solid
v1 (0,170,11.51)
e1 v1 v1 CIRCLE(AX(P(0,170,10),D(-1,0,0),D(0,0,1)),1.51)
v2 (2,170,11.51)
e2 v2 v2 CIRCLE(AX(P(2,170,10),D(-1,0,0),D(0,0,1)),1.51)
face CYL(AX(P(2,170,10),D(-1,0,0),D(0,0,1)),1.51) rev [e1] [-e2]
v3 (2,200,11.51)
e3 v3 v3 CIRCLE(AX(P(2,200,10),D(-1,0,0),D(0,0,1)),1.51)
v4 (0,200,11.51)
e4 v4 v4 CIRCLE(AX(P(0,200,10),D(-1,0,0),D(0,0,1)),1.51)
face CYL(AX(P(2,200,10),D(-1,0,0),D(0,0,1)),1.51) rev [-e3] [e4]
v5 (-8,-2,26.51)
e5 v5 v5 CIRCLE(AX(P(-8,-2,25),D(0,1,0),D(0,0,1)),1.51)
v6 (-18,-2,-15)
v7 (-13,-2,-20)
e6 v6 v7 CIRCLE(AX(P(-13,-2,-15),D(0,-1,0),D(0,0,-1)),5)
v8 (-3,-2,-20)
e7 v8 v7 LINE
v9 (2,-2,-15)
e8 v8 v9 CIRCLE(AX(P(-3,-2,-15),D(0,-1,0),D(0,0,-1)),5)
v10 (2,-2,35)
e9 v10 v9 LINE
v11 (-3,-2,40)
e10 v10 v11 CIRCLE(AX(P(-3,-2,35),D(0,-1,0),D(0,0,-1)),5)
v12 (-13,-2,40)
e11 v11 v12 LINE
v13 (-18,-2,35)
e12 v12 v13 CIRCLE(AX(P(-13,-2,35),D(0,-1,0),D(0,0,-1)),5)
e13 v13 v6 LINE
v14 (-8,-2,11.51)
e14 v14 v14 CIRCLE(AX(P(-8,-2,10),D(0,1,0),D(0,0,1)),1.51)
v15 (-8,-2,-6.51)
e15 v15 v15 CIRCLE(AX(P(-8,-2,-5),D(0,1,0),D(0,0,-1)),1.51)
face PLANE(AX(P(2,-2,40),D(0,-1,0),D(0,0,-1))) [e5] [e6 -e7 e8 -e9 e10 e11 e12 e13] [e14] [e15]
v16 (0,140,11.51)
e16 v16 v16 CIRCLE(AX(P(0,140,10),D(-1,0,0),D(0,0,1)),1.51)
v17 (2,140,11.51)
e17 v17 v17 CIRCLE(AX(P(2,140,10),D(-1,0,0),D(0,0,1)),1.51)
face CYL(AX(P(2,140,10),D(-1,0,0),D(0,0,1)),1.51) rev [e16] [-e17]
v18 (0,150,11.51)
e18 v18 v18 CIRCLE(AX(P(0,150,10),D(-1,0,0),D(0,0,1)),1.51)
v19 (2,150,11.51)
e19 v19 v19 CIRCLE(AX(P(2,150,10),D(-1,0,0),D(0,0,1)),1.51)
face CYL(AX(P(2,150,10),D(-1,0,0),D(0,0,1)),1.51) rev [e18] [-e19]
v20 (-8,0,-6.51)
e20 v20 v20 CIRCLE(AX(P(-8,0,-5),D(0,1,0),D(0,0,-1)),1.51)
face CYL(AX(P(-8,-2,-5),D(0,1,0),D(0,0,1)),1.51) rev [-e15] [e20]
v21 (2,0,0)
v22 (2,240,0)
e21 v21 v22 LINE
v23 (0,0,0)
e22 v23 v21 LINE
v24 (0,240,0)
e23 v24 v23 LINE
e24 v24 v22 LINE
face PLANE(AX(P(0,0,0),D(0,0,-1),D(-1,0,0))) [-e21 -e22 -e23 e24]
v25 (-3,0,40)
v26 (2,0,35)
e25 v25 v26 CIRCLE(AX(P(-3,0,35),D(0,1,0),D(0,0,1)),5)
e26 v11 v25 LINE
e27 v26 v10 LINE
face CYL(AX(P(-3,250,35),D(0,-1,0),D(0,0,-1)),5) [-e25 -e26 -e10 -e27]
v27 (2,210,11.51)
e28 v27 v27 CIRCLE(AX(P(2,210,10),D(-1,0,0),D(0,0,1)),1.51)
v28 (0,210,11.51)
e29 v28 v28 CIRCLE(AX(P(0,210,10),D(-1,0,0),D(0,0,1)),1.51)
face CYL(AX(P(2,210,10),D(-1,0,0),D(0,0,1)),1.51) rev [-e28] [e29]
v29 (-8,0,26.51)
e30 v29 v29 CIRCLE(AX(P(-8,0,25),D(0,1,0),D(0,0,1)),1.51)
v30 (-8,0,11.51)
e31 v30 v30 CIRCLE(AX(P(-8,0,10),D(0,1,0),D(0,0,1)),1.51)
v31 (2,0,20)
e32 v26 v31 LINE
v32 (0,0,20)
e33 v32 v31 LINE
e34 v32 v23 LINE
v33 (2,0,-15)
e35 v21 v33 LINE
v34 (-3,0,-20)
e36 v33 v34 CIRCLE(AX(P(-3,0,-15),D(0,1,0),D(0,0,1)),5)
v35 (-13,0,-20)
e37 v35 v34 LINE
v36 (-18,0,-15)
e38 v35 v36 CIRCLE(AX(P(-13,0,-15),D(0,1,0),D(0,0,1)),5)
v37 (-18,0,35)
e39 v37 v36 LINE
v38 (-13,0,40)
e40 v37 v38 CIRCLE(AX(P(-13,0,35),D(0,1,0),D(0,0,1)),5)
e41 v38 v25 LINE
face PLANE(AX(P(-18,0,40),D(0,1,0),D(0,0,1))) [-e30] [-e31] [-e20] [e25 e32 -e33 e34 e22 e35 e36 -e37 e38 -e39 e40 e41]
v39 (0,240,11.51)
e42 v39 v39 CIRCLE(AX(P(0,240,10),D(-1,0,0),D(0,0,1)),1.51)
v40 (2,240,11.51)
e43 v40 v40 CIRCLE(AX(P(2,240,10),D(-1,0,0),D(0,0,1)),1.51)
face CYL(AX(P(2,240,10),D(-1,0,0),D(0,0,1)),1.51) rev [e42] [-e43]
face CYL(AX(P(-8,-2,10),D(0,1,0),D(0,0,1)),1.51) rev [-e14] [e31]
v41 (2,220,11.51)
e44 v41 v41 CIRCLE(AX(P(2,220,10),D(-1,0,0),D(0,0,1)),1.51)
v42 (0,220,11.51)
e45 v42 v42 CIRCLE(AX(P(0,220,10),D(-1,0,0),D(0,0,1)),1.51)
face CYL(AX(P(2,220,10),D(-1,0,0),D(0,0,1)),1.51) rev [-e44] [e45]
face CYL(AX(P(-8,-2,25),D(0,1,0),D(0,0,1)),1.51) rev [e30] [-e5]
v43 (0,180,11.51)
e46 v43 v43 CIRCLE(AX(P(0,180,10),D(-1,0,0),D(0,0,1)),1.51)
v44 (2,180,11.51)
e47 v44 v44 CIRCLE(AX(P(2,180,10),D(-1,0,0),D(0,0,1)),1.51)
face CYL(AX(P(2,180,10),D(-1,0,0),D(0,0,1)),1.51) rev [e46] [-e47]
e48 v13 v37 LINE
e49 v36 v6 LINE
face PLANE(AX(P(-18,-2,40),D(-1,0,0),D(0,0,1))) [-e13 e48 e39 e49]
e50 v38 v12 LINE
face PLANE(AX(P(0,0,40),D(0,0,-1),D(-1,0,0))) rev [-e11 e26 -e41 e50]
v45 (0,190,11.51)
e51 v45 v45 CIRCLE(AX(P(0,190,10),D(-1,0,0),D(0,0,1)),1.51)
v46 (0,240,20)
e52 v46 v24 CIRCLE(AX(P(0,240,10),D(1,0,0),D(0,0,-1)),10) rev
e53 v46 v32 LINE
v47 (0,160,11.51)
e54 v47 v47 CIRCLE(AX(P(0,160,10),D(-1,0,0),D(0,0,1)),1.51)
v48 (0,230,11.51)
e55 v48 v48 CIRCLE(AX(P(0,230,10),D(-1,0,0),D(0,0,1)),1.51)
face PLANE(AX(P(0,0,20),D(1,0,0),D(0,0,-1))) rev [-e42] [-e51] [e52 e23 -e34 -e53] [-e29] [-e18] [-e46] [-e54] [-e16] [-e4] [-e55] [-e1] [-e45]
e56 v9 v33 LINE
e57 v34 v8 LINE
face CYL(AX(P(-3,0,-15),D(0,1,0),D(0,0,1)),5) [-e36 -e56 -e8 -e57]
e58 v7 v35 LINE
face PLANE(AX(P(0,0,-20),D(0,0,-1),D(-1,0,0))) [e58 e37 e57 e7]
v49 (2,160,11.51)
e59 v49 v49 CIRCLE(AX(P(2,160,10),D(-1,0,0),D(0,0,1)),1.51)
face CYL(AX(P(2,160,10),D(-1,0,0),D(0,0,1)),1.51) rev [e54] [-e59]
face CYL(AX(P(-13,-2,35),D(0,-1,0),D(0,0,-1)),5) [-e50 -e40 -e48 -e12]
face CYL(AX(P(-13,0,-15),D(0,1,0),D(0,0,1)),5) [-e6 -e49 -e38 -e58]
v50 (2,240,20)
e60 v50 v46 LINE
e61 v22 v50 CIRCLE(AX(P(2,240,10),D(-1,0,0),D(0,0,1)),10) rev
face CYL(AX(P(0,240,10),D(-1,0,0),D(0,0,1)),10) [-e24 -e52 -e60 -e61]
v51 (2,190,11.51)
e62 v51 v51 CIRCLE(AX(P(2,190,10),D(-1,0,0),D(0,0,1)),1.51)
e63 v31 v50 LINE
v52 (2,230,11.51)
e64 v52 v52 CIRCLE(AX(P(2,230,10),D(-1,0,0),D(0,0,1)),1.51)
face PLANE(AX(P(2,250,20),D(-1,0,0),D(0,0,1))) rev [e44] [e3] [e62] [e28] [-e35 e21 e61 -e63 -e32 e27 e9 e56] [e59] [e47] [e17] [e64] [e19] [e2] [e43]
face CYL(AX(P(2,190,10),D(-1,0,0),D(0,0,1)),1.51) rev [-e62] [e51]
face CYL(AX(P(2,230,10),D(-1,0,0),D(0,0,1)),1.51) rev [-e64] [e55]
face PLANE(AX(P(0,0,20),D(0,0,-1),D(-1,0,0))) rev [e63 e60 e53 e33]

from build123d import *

# Parameters (mm, degrees)
SKETCH_1_W           = 2
SKETCH_1_H           = 250
EXTRUDE_1_DEPTH      = 20
EXTRUDE_2_DEPTH      = 20
EXTRUDE_2_DEPTH_BACK = 40
SKETCH_2_W           = 20
SKETCH_2_H           = 2
SKETCH_3_R           = 1.51
CUT_EXTRUDE_1_DEPTH  = 254.818833029
FILLET_1_R           = 5
FILLET_2_RADIUS      = 10
FILLET_2_LENGTH      = 2
SKETCH_4_R           = 1.51
CUT_EXTRUDE_2_DEPTH  = 254.818833029


with BuildPart() as part:
    # 草图1 → 凸台-拉伸1 (new body)
    with BuildSketch(Plane.XY):
        with Locations((1, 125)):
            Rectangle(SKETCH_1_W, SKETCH_1_H)
    extrude(amount=EXTRUDE_1_DEPTH)

    # 草图2 → 凸台-拉伸2 (add, two sides: drawn at the far end of the back side and taken through both)
    with BuildSketch(Plane(origin=(0, 0, 0), x_dir=(-1, 0, 0), z_dir=(0, 0, -1)).offset(-EXTRUDE_2_DEPTH_BACK)):
        with Locations((8, -1)):
            Rectangle(SKETCH_2_W, SKETCH_2_H)
    extrude(amount=EXTRUDE_2_DEPTH + EXTRUDE_2_DEPTH_BACK)

    # 草图3 → 切除-拉伸1 (cut, through all)
    with BuildSketch(Plane(origin=(0, 0, 0), x_dir=(1, 0, 0), z_dir=(0, 1, 0))):
        with Locations(Location((-8, -25, 0), (0, 0, 270))):
            Circle(SKETCH_3_R)
        with Locations(Location((-8, -10, 0), (0, 0, 270))):
            Circle(SKETCH_3_R)
        with Locations(Location((-8, 5, 0), (0, 0, 90))):
            Circle(SKETCH_3_R)
    extrude(amount=-CUT_EXTRUDE_1_DEPTH, mode=Mode.SUBTRACT)

    # 圆角1
    fillet_1_edges = [part.edges().sort_by_distance(p)[0] for p in [
        (-18, -1, 40),
        (2, -1, 40),
        (2, -1, -20),
        (-18, -1, -20),
    ]]
    fillet(fillet_1_edges, radius=FILLET_1_R)

    # 圆角2: full round fillet: the end face becomes a half cylinder, R = half its width
    fillet_2_face = Plane((1, 250, 10), x_dir=(1, 0, 0), z_dir=(0, 1, 0))  # on the end face: x along it, z out of the body
    fillet_2_slab = fillet_2_face.offset(-FILLET_2_RADIUS / 2) * Box(FILLET_2_LENGTH, 2 * FILLET_2_RADIUS, FILLET_2_RADIUS, mode=Mode.PRIVATE)  # the body's end, R deep
    fillet_2_round = Plane((1, 240, 10), x_dir=(0, 1, 0), z_dir=(1, 0, 0)) * Cylinder(FILLET_2_RADIUS, FILLET_2_LENGTH, mode=Mode.PRIVATE)  # its axis R under the face
    add(fillet_2_slab - fillet_2_round, mode=Mode.SUBTRACT)

    # 草图4 → 切除-拉伸2 (cut, through all)
    with BuildSketch(Plane.ZY):
        with Locations((10, 240)):
            Circle(SKETCH_4_R)
        with Locations((10, 230)):
            Circle(SKETCH_4_R)
        with Locations((10, 220)):
            Circle(SKETCH_4_R)
        with Locations((10, 210)):
            Circle(SKETCH_4_R)
        with Locations((10, 200)):
            Circle(SKETCH_4_R)
        with Locations((10, 190)):
            Circle(SKETCH_4_R)
        with Locations((10, 180)):
            Circle(SKETCH_4_R)
        with Locations((10, 170)):
            Circle(SKETCH_4_R)
        with Locations((10, 160)):
            Circle(SKETCH_4_R)
        with Locations((10, 150)):
            Circle(SKETCH_4_R)
        with Locations((10, 140)):
            Circle(SKETCH_4_R)
    extrude(amount=-CUT_EXTRUDE_2_DEPTH, mode=Mode.SUBTRACT)


solid = part.part
